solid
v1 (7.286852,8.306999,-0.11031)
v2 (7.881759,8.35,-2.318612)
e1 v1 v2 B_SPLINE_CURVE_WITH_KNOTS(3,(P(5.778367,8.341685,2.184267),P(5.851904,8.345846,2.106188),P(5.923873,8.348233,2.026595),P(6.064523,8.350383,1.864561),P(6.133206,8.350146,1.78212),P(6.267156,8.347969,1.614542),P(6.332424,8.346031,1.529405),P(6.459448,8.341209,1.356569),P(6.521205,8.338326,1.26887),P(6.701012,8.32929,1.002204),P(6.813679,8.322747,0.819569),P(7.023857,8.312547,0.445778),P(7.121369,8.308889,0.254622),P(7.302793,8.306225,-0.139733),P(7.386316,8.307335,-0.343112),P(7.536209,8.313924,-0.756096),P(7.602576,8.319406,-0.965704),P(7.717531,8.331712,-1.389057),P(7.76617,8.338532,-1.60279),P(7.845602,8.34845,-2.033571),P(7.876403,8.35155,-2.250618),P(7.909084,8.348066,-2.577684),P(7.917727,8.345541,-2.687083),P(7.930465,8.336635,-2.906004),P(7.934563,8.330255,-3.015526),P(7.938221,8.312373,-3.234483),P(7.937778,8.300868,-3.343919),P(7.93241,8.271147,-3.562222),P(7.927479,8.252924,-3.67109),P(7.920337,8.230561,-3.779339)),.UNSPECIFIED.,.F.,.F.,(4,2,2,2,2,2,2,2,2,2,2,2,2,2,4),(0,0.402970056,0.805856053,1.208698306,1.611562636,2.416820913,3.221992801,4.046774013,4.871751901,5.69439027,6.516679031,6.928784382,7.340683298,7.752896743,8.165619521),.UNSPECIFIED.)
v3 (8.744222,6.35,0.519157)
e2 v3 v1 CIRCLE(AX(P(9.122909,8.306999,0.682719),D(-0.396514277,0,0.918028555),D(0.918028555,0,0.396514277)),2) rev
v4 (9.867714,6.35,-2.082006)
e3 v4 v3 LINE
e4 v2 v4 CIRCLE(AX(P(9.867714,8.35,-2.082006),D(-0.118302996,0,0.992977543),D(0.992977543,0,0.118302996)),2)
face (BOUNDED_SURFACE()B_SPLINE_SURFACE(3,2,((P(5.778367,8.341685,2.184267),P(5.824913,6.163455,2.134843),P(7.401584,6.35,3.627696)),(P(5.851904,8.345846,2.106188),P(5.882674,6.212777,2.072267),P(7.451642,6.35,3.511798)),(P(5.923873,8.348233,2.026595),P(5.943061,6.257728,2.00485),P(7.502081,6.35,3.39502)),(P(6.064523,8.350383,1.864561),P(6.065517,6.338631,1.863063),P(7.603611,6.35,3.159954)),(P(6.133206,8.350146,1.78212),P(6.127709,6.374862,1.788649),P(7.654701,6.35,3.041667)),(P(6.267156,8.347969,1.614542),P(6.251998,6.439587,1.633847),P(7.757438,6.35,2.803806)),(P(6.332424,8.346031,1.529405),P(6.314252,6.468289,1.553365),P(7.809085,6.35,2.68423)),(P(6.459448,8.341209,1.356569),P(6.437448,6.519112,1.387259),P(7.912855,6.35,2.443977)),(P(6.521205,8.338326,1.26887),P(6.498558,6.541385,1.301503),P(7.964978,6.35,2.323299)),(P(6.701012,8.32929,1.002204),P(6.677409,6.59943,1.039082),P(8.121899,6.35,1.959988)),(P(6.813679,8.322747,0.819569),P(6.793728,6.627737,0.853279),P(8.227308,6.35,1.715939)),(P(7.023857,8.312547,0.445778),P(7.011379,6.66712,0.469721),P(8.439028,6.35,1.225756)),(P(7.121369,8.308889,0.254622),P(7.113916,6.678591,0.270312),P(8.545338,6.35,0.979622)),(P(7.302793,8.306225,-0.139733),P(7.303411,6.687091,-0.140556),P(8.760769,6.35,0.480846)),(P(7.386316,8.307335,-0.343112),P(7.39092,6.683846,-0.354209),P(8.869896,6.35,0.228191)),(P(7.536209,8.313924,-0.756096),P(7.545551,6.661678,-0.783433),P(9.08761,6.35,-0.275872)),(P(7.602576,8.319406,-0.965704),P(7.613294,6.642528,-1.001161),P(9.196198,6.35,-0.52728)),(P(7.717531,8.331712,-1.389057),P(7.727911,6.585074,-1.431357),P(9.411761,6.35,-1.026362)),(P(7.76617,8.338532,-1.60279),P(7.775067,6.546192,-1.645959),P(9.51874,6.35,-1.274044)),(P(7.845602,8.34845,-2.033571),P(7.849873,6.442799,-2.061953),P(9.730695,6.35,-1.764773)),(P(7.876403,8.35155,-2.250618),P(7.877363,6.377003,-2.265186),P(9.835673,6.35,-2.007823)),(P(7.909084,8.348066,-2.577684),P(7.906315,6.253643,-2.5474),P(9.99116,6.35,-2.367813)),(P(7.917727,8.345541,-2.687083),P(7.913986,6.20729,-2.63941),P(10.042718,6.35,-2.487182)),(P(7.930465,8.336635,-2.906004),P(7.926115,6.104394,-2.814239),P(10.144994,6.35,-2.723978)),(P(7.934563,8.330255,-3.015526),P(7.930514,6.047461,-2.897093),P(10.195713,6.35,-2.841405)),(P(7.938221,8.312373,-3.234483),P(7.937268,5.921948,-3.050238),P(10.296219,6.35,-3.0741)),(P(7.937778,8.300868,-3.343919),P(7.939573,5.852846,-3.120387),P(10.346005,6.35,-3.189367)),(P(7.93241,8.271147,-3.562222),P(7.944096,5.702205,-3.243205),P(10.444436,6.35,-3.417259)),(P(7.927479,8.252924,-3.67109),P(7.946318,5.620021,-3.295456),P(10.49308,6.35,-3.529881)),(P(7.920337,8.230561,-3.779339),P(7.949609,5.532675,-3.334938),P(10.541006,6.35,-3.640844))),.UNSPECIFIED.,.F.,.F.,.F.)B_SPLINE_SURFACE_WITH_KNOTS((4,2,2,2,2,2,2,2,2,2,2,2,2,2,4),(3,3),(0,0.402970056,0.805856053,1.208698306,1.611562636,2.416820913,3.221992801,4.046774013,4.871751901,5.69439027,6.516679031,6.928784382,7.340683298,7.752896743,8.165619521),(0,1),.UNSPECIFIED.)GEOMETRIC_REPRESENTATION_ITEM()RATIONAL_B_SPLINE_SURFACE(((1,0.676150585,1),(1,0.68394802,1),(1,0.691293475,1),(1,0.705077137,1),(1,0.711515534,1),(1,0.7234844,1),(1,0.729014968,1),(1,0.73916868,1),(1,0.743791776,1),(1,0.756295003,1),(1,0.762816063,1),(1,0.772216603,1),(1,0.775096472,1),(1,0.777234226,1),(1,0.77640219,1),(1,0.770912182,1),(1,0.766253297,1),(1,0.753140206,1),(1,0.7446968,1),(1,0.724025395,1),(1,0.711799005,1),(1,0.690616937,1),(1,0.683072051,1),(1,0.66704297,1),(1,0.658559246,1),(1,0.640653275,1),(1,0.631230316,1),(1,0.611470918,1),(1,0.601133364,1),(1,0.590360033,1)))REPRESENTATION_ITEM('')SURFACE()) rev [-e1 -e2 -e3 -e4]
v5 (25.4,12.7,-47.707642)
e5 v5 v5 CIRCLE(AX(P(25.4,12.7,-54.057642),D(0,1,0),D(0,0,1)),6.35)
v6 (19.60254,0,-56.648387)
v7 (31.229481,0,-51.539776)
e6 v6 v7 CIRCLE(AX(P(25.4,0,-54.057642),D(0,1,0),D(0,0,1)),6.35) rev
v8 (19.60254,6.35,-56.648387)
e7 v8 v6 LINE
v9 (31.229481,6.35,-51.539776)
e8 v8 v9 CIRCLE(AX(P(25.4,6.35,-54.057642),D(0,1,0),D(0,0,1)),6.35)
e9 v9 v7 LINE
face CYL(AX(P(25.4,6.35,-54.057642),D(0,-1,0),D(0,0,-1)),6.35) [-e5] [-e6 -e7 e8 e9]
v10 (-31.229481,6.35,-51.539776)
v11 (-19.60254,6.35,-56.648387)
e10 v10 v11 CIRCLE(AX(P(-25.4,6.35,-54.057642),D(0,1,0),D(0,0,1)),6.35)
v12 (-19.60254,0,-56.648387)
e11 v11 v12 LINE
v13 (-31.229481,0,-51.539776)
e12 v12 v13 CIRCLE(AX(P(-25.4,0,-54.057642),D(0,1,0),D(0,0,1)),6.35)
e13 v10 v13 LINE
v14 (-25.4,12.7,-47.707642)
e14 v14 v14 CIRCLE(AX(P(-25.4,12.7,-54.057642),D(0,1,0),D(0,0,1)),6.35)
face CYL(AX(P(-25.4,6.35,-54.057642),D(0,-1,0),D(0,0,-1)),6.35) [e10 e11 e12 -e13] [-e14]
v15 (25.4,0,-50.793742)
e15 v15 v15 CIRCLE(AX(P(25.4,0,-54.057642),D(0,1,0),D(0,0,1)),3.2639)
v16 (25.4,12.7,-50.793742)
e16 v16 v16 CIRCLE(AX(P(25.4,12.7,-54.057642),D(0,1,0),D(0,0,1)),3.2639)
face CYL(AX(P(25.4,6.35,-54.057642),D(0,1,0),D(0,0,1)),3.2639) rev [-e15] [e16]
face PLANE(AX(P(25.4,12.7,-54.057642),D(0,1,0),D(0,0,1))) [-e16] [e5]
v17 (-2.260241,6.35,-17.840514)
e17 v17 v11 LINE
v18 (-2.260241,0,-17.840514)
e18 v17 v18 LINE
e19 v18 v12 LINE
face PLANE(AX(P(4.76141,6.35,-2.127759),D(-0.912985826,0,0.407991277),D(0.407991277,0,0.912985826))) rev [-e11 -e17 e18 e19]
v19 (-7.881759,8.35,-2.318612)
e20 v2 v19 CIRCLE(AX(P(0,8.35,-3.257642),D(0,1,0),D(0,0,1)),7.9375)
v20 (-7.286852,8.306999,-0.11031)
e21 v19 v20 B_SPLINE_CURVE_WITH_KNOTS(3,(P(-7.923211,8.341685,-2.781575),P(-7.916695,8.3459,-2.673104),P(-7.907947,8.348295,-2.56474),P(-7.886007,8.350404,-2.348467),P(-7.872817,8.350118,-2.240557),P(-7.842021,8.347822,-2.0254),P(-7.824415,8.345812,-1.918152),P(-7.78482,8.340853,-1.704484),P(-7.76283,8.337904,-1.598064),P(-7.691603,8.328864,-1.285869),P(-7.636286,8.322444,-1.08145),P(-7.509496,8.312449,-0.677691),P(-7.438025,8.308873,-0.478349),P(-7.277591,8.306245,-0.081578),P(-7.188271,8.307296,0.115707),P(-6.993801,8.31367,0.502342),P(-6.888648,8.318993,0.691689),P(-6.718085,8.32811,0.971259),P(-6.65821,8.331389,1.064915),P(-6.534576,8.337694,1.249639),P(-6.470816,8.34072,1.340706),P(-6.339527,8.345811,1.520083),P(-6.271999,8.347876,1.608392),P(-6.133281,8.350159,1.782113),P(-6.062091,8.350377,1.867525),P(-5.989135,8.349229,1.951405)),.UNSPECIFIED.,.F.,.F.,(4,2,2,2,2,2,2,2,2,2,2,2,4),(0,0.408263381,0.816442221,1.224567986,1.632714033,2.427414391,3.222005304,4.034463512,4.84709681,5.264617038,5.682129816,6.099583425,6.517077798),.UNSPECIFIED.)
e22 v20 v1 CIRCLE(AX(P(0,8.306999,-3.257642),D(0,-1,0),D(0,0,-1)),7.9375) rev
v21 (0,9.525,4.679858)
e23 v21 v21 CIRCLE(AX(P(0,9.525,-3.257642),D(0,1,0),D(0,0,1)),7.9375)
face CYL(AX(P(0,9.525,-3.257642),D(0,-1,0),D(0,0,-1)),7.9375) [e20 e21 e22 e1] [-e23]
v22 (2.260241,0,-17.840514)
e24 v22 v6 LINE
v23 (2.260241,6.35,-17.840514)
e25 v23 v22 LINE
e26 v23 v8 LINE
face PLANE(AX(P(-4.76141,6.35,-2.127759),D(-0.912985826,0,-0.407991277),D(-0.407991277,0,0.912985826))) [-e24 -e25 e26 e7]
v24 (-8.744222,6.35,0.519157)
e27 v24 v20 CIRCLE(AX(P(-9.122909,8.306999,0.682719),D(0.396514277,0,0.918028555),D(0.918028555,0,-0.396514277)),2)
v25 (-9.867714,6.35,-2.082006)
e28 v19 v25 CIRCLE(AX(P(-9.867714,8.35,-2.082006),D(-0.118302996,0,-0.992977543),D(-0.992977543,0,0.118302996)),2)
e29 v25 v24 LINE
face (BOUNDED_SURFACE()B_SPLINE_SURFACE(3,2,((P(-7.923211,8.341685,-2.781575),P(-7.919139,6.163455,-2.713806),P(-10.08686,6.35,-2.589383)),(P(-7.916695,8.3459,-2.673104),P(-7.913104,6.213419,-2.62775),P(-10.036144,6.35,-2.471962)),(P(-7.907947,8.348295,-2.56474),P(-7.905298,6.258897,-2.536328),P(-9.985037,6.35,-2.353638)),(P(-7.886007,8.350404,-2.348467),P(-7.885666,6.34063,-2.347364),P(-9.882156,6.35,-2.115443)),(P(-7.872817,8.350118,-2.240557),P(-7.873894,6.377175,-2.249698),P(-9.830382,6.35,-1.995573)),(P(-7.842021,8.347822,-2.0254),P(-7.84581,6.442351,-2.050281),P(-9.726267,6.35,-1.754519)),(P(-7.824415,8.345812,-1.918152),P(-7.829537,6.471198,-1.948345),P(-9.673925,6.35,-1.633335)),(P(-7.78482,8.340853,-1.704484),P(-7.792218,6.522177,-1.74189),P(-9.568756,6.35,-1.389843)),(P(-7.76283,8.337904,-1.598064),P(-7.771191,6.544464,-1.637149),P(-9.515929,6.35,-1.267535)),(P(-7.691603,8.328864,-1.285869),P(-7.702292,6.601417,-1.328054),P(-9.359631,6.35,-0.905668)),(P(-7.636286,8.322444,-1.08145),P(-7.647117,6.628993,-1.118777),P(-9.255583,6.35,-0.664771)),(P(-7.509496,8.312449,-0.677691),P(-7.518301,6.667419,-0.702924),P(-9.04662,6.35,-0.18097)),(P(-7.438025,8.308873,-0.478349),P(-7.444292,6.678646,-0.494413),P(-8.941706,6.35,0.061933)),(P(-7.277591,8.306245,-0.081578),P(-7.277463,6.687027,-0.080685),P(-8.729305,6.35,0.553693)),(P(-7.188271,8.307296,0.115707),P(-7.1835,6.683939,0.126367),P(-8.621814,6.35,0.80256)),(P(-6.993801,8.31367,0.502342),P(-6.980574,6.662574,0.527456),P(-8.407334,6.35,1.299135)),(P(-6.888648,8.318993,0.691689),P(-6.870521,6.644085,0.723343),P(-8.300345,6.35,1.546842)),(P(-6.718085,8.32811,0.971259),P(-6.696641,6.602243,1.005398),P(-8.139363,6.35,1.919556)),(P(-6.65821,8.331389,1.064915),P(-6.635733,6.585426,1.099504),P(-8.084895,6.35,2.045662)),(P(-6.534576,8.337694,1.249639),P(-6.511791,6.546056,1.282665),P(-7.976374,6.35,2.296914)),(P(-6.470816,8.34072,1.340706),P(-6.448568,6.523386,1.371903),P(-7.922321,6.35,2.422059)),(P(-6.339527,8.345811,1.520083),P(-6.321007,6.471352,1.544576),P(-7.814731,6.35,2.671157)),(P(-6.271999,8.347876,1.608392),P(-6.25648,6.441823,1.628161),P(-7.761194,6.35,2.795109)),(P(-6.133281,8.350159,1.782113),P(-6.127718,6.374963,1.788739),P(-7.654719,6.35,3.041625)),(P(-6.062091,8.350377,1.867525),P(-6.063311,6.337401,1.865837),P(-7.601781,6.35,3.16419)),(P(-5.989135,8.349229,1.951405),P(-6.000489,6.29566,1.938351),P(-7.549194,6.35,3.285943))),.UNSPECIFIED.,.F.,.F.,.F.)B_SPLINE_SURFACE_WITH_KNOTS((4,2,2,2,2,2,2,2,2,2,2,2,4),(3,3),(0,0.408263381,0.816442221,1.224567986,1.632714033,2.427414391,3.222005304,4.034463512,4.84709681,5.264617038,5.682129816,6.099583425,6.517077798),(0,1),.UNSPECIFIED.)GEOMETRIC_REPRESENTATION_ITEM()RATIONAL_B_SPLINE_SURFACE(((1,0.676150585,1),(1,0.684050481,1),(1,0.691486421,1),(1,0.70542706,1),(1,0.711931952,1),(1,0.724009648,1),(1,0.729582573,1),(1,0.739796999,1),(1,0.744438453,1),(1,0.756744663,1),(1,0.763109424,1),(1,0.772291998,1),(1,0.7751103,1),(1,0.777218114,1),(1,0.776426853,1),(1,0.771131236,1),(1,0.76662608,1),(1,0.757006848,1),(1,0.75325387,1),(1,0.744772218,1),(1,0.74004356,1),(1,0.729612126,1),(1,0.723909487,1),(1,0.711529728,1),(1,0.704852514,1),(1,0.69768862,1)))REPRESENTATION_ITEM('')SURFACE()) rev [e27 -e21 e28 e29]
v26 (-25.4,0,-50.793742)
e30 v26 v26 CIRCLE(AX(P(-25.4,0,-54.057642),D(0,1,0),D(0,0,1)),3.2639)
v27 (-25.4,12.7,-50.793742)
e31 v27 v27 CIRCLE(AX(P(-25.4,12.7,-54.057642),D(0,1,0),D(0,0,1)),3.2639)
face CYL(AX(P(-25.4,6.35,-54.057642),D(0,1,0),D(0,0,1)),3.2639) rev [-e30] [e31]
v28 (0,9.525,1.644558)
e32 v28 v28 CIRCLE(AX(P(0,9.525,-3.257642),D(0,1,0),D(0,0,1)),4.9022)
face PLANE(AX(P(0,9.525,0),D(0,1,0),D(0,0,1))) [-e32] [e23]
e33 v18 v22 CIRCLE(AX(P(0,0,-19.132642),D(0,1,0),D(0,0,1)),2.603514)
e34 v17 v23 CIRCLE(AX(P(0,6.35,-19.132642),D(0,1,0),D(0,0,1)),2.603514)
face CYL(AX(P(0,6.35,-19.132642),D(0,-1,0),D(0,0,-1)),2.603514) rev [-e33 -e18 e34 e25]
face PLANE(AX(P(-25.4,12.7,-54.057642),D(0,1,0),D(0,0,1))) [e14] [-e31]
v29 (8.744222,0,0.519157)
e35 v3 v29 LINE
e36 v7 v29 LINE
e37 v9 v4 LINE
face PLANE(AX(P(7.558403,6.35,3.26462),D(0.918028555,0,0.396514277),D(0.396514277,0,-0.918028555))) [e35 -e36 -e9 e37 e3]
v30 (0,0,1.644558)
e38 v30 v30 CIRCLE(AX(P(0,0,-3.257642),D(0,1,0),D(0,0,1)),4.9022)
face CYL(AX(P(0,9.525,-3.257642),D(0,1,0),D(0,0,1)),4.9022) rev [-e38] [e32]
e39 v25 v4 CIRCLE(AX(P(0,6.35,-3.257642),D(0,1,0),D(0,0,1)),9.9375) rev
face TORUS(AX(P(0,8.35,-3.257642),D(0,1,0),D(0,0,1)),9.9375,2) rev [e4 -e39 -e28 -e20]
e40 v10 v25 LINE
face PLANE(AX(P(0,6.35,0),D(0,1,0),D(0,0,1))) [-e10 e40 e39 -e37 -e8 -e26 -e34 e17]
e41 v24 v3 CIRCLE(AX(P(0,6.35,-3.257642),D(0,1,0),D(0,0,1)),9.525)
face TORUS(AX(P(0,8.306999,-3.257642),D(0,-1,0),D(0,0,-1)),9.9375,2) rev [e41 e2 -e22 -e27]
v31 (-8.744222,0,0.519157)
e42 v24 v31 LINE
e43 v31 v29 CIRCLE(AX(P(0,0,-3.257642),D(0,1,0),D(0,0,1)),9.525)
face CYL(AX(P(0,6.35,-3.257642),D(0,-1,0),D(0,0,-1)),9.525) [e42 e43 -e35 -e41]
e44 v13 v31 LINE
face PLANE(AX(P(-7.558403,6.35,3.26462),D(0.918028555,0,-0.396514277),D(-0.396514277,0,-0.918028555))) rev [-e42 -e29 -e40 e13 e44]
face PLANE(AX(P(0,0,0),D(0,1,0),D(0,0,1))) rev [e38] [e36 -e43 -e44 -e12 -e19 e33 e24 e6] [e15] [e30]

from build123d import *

# Parameters (mm, degrees)
SKETCH1_R                            = 7.9375
BOSS_EXTRUDE1_DEPTH                  = 6.35
F_0_257_DIAMETER_HOLE1_D             = 6.5278
SKETCH1_3_R                          = 7.9375
BOSS_EXTRUDE2_DEPTH                  = 9.525
W_0_386_DIAMETER_HOLE1_D             = 9.8044
FILLET1_R                            = 2
F_25_64_0_39063_DIAMETER_HOLE1_D     = 9.922002
F_25_64_0_39063_DIAMETER_HOLE1_DEPTH = 1.524
BOSS_EXTRUDE3_DEPTH                  = 6.35
BOSS_EXTRUDE3_DEPTH_BACK             = 2.54
SKETCH12_R                           = 6.35
SKETCH12_R_2                         = 3.2639


with BuildPart() as part:
    # Sketch1 → Boss-Extrude1 (new body)
    with BuildSketch(Plane(origin=(0, 0, 0), x_dir=(1, 0, 0), z_dir=(0, 1, 0))):
        with BuildLine():
            ThreePointArc((2.26024053, 17.840513709), (0, 16.529128421), (-2.26024053, 17.840513709))
            Line((-2.26024053, 17.840513709), (-19.602540008, 56.648386542))
            ThreePointArc((-19.602540008, 56.648386542), (-27.954355314, 59.871226792), (-31.229481324, 51.539776269))
            Line((-31.229481324, 51.539776269), (-8.744221986, -0.519156562))
            ThreePointArc((-8.744221986, -0.519156562), (0, -6.267358068), (8.744221986, -0.519156562))
            Line((8.744221986, -0.519156562), (31.229481324, 51.539776269))
            ThreePointArc((31.229481324, 51.539776269), (27.954355314, 59.871226792), (19.602540008, 56.648386542))
            Line((19.602540008, 56.648386542), (2.26024053, 17.840513709))
        make_face()
        with Locations(Location((0, 3.257641932, 0), (0, 0, 270))):
            Circle(SKETCH1_R, mode=Mode.SUBTRACT)
    extrude(amount=BOSS_EXTRUDE1_DEPTH)

    # F (0.257) Diameter Hole1 (through all)
    with Locations(Plane(origin=(0, 6.35, 0), x_dir=(1, 0, 0), z_dir=(0, 1, 0))):
        with Locations((-25.4, 54.057641932), (25.4, 54.057641932)):
            Hole(F_0_257_DIAMETER_HOLE1_D / 2)

    # Sketch1<3> → Boss-Extrude2 (add)
    with BuildSketch(Plane(origin=(0, 0, 0), x_dir=(1, 0, 0), z_dir=(0, 1, 0))):
        with Locations(Location((0, 3.257641932, 0), (0, 0, 90))):
            Circle(SKETCH1_3_R)
    extrude(amount=BOSS_EXTRUDE2_DEPTH)

    # W (0.386) Diameter Hole1 (through all)
    with Locations(Plane(origin=(0, 9.525, 0), x_dir=(1, 0, 0), z_dir=(0, 1, 0))):
        with Locations((0, 3.257641932)):
            Hole(W_0_386_DIAMETER_HOLE1_D / 2)

    # Fillet1
    fillet1_edges = [part.edges().sort_by_distance(p)[0] for p in [
        (0, 6.35, 4.679858068),
    ]]
    fillet(fillet1_edges, radius=FILLET1_R)

    # 25/64 (0.39063) Diameter Hole1
    with Locations(Plane(origin=(0, 6.35, 0), x_dir=(1, 0, 0), z_dir=(0, 1, 0))):
        with Locations((-25.4, 54.057641932), (25.4, 54.057641932)):
            Hole(F_25_64_0_39063_DIAMETER_HOLE1_D / 2, depth=F_25_64_0_39063_DIAMETER_HOLE1_DEPTH)

    # Sketch12 → Boss-Extrude3 (add, two sides: drawn at the far end of the back side and taken through both)
    # profile 1 of 2: a face of its own
    with BuildSketch(Plane(origin=(0, 6.35, 0), x_dir=(1, 0, 0), z_dir=(0, 1, 0)).offset(-BOSS_EXTRUDE3_DEPTH_BACK)):
        with Locations(Location((25.4, 54.057641932, 0), (0, 0, 155.921287707))):
            Circle(SKETCH12_R)
        with Locations(Location((25.4, 54.057641932, 0), (0, 0, 270))):
            Circle(SKETCH12_R_2, mode=Mode.SUBTRACT)
    # profile 2 of 2: a face of its own
    with BuildSketch(Plane(origin=(0, 6.35, 0), x_dir=(1, 0, 0), z_dir=(0, 1, 0)).offset(-BOSS_EXTRUDE3_DEPTH_BACK)):
        with Locations(Location((-25.4, 54.057641932, 0), (0, 0, 24.078712293))):
            Circle(SKETCH12_R)
        with Locations(Location((-25.4, 54.057641932, 0), (0, 0, 270))):
            Circle(SKETCH12_R_2, mode=Mode.SUBTRACT)
    extrude(amount=BOSS_EXTRUDE3_DEPTH + BOSS_EXTRUDE3_DEPTH_BACK)


solid = part.part
